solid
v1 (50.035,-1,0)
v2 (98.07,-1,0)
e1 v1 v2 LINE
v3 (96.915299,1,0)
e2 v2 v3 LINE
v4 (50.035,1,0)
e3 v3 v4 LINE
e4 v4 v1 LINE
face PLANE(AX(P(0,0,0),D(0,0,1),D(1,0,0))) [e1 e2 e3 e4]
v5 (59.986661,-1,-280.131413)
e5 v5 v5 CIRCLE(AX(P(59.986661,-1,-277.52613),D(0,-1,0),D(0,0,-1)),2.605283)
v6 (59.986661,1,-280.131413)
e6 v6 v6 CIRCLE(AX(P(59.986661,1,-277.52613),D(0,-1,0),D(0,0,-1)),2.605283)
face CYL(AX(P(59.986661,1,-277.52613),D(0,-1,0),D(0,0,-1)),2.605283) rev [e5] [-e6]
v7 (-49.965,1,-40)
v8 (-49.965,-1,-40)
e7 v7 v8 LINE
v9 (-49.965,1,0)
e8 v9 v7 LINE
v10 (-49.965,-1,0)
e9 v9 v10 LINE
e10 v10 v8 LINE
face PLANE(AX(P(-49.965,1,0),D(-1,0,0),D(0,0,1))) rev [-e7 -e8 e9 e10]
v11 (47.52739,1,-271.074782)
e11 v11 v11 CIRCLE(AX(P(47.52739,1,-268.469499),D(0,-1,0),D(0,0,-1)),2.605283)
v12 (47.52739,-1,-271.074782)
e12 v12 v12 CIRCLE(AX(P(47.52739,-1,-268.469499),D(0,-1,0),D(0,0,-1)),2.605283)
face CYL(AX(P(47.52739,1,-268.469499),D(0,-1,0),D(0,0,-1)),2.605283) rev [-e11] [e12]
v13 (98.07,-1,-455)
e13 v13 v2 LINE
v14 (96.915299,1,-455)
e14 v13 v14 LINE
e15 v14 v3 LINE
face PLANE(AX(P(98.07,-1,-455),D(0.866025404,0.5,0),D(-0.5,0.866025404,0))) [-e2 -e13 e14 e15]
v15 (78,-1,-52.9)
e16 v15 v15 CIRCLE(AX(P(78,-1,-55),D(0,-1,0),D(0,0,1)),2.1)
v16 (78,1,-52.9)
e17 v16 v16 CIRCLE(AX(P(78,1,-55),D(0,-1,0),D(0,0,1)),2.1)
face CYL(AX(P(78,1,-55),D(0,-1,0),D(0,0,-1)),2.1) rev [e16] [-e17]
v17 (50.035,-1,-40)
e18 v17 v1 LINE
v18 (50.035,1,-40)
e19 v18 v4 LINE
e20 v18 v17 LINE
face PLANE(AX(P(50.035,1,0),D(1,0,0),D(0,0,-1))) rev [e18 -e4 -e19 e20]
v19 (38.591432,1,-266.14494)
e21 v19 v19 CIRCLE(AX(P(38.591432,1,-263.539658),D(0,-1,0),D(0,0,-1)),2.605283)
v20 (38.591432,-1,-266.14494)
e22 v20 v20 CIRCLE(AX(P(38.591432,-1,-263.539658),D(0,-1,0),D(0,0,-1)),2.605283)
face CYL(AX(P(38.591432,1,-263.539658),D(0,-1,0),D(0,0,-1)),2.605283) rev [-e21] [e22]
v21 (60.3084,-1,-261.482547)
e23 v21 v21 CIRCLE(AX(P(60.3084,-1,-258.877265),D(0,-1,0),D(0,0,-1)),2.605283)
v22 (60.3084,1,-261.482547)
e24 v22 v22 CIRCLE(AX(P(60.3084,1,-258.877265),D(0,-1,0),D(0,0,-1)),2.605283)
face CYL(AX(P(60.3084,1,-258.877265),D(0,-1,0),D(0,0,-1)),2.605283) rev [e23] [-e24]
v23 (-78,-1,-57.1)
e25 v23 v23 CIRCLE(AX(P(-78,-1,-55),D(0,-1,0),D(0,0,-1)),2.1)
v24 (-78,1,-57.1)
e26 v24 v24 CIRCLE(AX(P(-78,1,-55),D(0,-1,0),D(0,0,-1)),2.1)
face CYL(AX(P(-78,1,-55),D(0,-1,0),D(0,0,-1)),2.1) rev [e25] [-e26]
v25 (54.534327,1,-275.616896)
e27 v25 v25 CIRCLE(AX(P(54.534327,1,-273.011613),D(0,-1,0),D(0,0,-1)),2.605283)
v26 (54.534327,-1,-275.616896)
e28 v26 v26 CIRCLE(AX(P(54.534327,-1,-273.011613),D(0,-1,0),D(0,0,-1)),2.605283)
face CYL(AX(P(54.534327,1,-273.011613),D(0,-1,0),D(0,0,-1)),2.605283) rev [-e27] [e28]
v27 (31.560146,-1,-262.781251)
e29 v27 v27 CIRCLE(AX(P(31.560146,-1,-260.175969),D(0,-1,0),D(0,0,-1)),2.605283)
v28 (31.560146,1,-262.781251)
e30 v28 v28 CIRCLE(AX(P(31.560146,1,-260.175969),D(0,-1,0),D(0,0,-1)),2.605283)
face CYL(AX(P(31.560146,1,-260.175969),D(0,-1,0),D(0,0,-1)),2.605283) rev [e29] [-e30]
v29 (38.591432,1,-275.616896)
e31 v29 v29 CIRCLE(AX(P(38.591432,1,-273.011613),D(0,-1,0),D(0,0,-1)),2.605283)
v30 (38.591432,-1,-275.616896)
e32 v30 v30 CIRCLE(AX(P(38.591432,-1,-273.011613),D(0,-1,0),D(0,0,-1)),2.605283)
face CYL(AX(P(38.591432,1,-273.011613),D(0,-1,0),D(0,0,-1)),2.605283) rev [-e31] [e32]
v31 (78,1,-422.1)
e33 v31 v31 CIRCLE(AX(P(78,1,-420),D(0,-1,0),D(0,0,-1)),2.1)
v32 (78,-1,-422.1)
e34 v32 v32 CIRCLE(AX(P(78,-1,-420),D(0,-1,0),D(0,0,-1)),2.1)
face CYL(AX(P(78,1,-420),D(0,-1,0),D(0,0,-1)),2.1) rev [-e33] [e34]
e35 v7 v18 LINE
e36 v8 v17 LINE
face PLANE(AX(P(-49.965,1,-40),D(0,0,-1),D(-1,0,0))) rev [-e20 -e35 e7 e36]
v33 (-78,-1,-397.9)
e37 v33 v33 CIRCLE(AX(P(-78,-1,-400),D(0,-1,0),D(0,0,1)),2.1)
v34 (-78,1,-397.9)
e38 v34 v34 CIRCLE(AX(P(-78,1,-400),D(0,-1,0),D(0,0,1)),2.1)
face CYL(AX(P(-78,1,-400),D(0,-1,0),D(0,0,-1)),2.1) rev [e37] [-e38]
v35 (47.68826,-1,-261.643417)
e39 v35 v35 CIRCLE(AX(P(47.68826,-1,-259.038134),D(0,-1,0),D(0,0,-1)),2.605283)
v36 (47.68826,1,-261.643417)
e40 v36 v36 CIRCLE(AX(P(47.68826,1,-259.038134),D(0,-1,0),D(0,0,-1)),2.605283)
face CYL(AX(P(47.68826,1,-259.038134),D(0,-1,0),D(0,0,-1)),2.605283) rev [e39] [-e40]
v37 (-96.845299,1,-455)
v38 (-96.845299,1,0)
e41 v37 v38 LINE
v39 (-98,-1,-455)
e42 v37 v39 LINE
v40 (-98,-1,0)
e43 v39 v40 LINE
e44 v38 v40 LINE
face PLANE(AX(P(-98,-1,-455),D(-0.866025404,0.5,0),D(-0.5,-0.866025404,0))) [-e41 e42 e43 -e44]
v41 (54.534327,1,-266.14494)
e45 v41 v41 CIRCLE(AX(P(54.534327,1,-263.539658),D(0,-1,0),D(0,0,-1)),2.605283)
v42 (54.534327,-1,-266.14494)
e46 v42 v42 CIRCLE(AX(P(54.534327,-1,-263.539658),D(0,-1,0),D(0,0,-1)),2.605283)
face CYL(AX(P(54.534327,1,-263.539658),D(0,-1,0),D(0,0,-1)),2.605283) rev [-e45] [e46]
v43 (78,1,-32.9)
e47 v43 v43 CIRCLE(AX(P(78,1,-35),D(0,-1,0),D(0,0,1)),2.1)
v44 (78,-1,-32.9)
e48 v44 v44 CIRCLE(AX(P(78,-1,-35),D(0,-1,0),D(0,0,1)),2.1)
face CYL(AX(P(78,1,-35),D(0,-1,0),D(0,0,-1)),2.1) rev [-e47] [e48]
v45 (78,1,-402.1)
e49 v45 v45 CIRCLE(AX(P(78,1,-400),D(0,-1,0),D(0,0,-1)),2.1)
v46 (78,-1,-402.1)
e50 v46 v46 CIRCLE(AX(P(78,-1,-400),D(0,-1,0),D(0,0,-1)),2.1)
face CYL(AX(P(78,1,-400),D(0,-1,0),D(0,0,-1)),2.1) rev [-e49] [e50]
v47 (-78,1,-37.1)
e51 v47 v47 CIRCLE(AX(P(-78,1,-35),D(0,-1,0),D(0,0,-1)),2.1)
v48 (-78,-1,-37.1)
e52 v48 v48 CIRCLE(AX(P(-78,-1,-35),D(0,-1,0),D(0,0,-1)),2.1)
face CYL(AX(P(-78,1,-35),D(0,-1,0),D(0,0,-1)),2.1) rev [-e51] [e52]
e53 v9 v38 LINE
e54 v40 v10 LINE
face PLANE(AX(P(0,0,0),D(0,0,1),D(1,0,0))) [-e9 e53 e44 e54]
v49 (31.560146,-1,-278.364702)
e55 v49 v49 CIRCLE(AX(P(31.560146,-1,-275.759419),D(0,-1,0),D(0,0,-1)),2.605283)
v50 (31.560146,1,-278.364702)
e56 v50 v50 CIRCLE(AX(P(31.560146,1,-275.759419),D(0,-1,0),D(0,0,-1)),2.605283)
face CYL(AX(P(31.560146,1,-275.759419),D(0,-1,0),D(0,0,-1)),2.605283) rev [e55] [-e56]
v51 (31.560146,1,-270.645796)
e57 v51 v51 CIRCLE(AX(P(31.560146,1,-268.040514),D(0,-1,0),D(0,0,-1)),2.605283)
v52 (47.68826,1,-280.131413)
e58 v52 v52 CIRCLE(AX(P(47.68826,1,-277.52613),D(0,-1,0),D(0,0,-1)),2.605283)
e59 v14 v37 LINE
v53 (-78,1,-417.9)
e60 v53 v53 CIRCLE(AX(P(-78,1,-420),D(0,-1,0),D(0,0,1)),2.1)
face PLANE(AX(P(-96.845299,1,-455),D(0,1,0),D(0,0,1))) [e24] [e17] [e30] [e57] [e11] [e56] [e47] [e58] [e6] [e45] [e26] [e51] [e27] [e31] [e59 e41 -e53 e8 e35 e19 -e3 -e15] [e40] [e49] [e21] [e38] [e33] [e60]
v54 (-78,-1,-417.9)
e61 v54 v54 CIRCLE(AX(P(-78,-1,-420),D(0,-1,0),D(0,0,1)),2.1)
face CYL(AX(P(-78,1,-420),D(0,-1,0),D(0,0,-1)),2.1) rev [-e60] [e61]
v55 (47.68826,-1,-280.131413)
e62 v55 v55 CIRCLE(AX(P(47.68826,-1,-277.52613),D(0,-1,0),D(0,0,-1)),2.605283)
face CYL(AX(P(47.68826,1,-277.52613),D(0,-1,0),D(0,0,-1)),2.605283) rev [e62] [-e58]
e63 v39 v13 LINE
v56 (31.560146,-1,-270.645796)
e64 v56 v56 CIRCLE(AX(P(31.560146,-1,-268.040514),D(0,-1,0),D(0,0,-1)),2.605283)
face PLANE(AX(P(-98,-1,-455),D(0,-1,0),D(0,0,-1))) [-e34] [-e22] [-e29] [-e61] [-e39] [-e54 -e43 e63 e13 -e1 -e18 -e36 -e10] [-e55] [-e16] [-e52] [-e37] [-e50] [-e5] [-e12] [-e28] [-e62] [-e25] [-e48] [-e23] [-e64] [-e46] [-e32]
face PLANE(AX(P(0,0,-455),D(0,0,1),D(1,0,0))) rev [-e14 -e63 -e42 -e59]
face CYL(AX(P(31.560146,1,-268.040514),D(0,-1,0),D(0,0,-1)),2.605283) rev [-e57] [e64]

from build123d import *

# Parameters (mm, degrees)
EXTRUDE_1_DEPTH     = 455
SKETCH_3_R          = 2.1
CUT_EXTRUDE_1_DEPTH = 466.453246739
SKETCH_4_W          = 100
SKETCH_4_H          = 40
CUT_EXTRUDE_2_DEPTH = 466.453246739
SKETCH_5_R          = 2.605282574
CUT_EXTRUDE_3_DEPTH = 466.453246739


with BuildPart() as part:
    # 草图2 → 凸台-拉伸1 (new body)
    with BuildSketch(Plane.XY):
        Polygon((-98, -1), (-96.845299462, 1), (96.915299462, 1), (98.07, -1), align=None)
    extrude(amount=-EXTRUDE_1_DEPTH)

    # 草图3 → 切除-拉伸1 (cut, through all)
    with BuildSketch(Plane(origin=(0, -1, 0), x_dir=(-1, 0, 0), z_dir=(0, -1, 0))):
        with Locations(Location((78, 35, 0), (0, 0, 90))):
            Circle(SKETCH_3_R)
        with Locations(Location((78, 55, 0), (0, 0, 90))):
            Circle(SKETCH_3_R)
        with Locations(Location((-78, 55, 0), (0, 0, 270))):
            Circle(SKETCH_3_R)
        with Locations(Location((-78, 35, 0), (0, 0, 270))):
            Circle(SKETCH_3_R)
        with Locations(Location((-78, 420, 0), (0, 0, 90))):
            Circle(SKETCH_3_R)
        with Locations(Location((-78, 400, 0), (0, 0, 90))):
            Circle(SKETCH_3_R)
        with Locations(Location((78, 400, 0), (0, 0, 270))):
            Circle(SKETCH_3_R)
        with Locations(Location((78, 420, 0), (0, 0, 270))):
            Circle(SKETCH_3_R)
    extrude(amount=-CUT_EXTRUDE_1_DEPTH, mode=Mode.SUBTRACT)

    # 草图4 → 切除-拉伸2 (cut, through all)
    with BuildSketch(Plane.XZ.offset(1)):
        with Locations((0.035, -20)):
            Rectangle(SKETCH_4_W, SKETCH_4_H)
    extrude(amount=-CUT_EXTRUDE_2_DEPTH, mode=Mode.SUBTRACT)

    # 草图5 → 切除-拉伸3 (cut, through all)
    with BuildSketch(Plane.XZ.offset(1)):
        with Locations(Location((31.560145964, -260.175968549, 0), (0, 0, 270))):
            Circle(SKETCH_5_R)
        with Locations(Location((31.560145964, -268.040513613, 0), (0, 0, 270))):
            Circle(SKETCH_5_R)
        with Locations(Location((31.560145964, -275.759418954, 0), (0, 0, 270))):
            Circle(SKETCH_5_R)
        with Locations(Location((38.591431537, -263.539657654, 0), (0, 0, 270))):
            Circle(SKETCH_5_R)
        with Locations(Location((38.591431537, -273.011612977, 0), (0, 0, 270))):
            Circle(SKETCH_5_R)
        with Locations(Location((47.527390385, -268.469499033, 0), (0, 0, 270))):
            Circle(SKETCH_5_R)
        with Locations(Location((54.534326635, -263.539657654, 0), (0, 0, 270))):
            Circle(SKETCH_5_R)
        with Locations(Location((54.534326635, -273.011612977, 0), (0, 0, 270))):
            Circle(SKETCH_5_R)
        with Locations(Location((47.688259917, -277.526130321, 0), (0, 0, 270))):
            Circle(SKETCH_5_R)
        with Locations(Location((47.688259917, -259.038134333, 0), (0, 0, 270))):
            Circle(SKETCH_5_R)
        with Locations(Location((60.308400403, -258.8772648, 0), (0, 0, 270))):
            Circle(SKETCH_5_R)
        with Locations(Location((59.986661338, -277.526130321, 0), (0, 0, 270))):
            Circle(SKETCH_5_R)
    extrude(amount=-CUT_EXTRUDE_3_DEPTH, mode=Mode.SUBTRACT)


solid = part.part
